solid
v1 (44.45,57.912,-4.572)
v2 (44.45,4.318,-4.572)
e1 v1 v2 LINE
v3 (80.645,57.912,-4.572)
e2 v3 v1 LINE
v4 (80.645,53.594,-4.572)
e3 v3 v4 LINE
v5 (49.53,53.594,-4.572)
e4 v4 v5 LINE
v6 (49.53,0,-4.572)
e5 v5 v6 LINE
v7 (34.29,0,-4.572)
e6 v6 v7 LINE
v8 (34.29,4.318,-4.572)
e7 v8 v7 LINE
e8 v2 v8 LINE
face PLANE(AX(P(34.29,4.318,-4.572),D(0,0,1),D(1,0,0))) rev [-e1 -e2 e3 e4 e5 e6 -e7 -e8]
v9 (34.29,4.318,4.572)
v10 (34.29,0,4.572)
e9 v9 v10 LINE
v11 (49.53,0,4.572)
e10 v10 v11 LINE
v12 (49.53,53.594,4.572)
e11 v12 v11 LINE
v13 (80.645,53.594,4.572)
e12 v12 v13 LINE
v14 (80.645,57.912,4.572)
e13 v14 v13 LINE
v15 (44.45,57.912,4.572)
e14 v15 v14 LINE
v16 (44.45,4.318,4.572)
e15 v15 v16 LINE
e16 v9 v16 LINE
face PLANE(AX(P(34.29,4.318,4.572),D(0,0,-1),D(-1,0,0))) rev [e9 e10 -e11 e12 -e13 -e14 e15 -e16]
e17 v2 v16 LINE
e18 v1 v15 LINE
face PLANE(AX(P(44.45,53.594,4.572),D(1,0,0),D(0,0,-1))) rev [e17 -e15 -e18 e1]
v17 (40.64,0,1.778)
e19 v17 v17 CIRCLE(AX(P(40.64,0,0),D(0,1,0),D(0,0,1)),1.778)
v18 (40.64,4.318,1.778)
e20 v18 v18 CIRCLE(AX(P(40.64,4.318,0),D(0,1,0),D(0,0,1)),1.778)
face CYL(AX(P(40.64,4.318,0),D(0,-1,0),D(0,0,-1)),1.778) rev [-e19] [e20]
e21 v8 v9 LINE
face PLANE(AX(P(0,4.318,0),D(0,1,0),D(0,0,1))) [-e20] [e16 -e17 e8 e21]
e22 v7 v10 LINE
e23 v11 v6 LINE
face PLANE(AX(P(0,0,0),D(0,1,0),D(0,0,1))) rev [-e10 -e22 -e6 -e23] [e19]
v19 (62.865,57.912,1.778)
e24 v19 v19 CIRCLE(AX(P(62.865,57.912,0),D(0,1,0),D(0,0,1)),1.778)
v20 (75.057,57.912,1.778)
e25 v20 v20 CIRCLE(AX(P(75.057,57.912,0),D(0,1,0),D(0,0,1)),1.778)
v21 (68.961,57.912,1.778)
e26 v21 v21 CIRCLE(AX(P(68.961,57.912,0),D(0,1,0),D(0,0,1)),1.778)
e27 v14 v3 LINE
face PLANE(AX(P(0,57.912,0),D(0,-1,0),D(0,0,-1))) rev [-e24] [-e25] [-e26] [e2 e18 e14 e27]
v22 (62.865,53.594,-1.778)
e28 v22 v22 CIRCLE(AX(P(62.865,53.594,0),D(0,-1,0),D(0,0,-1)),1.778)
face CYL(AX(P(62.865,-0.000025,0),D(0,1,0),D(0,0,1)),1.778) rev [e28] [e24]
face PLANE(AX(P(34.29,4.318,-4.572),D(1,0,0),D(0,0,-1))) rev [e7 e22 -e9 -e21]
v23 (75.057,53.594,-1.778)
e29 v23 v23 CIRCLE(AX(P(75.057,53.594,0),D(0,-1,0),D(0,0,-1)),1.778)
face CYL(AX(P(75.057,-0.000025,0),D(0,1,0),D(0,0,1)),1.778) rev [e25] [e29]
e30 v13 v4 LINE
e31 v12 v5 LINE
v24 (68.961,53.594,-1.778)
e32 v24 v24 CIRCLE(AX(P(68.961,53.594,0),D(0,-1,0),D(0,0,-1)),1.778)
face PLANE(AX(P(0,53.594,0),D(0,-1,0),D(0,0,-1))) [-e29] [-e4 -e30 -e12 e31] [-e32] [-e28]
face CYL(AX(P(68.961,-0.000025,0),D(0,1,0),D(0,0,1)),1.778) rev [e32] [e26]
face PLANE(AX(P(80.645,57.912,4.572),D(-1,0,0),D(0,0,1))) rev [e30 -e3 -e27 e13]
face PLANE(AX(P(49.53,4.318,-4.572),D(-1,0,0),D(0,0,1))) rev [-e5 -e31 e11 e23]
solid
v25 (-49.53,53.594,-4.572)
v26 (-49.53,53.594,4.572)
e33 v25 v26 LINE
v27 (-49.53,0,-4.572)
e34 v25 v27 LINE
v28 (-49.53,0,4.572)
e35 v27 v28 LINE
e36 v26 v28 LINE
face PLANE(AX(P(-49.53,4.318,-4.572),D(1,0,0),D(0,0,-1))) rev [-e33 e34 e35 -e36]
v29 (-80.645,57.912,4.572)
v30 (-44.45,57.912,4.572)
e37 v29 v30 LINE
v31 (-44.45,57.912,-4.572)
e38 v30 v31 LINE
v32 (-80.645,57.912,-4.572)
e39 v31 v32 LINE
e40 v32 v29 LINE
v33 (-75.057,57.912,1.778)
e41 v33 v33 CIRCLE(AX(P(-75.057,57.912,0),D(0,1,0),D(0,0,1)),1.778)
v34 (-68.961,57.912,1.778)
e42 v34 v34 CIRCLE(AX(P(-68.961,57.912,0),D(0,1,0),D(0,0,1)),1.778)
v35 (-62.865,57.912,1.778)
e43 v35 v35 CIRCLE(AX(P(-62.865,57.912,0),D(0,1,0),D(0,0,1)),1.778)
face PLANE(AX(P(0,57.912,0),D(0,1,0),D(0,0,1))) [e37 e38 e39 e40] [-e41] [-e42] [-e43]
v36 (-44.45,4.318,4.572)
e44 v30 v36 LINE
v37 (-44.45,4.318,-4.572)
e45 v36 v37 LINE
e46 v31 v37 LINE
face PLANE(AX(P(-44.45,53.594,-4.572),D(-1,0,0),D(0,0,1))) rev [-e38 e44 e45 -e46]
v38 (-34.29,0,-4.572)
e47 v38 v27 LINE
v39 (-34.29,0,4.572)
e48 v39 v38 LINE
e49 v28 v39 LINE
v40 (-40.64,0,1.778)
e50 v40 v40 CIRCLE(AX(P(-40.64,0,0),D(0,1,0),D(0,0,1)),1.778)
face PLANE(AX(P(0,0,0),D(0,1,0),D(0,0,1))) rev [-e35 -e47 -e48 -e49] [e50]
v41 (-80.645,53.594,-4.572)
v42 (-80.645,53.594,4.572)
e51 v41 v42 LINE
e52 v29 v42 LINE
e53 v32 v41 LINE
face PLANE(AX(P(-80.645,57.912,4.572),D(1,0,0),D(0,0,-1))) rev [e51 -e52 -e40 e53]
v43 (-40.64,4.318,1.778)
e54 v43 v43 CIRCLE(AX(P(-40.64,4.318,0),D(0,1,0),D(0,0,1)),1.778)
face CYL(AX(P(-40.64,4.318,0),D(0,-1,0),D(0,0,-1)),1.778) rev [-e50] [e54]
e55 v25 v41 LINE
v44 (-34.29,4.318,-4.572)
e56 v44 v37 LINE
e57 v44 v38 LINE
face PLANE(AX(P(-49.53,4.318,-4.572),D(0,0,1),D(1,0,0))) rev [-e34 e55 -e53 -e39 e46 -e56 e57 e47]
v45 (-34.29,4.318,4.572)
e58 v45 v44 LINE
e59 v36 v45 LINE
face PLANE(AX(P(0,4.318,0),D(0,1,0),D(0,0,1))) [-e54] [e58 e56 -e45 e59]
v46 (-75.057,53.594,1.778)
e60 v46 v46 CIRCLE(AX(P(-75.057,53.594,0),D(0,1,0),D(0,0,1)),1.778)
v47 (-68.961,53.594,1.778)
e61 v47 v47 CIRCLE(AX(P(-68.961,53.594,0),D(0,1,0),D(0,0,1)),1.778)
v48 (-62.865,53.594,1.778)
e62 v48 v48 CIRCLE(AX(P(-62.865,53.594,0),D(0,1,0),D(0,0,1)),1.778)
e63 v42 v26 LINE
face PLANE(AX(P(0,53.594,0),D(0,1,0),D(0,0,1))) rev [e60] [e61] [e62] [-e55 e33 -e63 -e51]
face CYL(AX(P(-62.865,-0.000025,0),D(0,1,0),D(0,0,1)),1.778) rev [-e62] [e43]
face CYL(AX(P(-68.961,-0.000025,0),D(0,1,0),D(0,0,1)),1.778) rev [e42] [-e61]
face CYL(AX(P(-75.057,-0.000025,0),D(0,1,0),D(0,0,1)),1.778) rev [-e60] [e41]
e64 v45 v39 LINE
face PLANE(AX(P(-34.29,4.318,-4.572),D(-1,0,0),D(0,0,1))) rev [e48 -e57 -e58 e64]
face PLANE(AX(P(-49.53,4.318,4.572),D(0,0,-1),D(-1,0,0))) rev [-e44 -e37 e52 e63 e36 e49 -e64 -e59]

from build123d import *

# Parameters (mm, degrees)
SKETCH1_W             = 15.24
SKETCH1_H             = 9.144
SKETCH1_R             = 1.778
BOSS_EXTRUDE1_DEPTH   = 4.318
BOSS_EXTRUDE1_2_DEPTH = 4.318
SKETCH2_W             = 5.08
SKETCH2_H             = 9.144
BOSS_EXTRUDE2_DEPTH   = 49.276
SKETCH3_W             = 36.195
SKETCH3_H             = 9.144
BOSS_EXTRUDE3_DEPTH   = 4.318
SKETCH4_R             = 1.778
CUT_EXTRUDE1_DEPTH    = 100.389732634
SKETCH5_R             = 1.778
CUT_EXTRUDE2_DEPTH    = 100.389732634


with BuildPart() as part:
    # Sketch1 → Boss-Extrude1 (new body)
    with BuildSketch(Plane(origin=(0, 0, 0), x_dir=(1, 0, 0), z_dir=(0, 1, 0))):
        with Locations((-41.91, 0)):
            Rectangle(SKETCH1_W, SKETCH1_H)
        with Locations(Location((-40.64, 0, 0), (0, 0, 270))):
            Circle(SKETCH1_R, mode=Mode.SUBTRACT)
    extrude(amount=BOSS_EXTRUDE1_DEPTH)



with BuildPart() as body_2:
    # Sketch1 → Boss-Extrude1 2 (new body)
    with BuildSketch(Plane(origin=(0, 0, 0), x_dir=(1, 0, 0), z_dir=(0, 1, 0))):
        with Locations((41.91, 0)):
            Rectangle(SKETCH1_W, SKETCH1_H)
        with Locations(Location((40.64, 0, 0), (0, 0, 270))):
            Circle(SKETCH1_R, mode=Mode.SUBTRACT)
    extrude(amount=BOSS_EXTRUDE1_2_DEPTH)


with BuildPart() as part_1:
    add(part.part)

    add(body_2.part)  # Boss-Extrude2 merges body 2
    # Sketch2 → Boss-Extrude2 (add)
    with BuildSketch(Plane(origin=(0, 4.318, 0), x_dir=(1, 0, 0), z_dir=(0, 1, 0))):
        with Locations((-46.99, 0)):
            Rectangle(SKETCH2_W, SKETCH2_H)
        with Locations((46.99, 0)):
            Rectangle(SKETCH2_W, SKETCH2_H)
    extrude(amount=BOSS_EXTRUDE2_DEPTH)

    # Sketch3 → Boss-Extrude3 (add)
    with BuildSketch(Plane(origin=(0, 53.594, 0), x_dir=(1, 0, 0), z_dir=(0, 1, 0))):
        with Locations((-62.5475, 0)):
            Rectangle(SKETCH3_W, SKETCH3_H)
        with Locations((62.5475, 0)):
            Rectangle(SKETCH3_W, SKETCH3_H)
    extrude(amount=BOSS_EXTRUDE3_DEPTH)

    # Sketch4 → Cut-Extrude1 (cut, through all)
    with BuildSketch(Plane(origin=(0, 57.912, 0), x_dir=(1, 0, 0), z_dir=(0, 1, 0))):
        with Locations(Location((-75.057, 0, 0), (0, 0, 270))):
            Circle(SKETCH4_R)
        with Locations(Location((75.057, 0, 0), (0, 0, 270))):
            Circle(SKETCH4_R)
    extrude(amount=-CUT_EXTRUDE1_DEPTH, mode=Mode.SUBTRACT)

    # Sketch5 → Cut-Extrude2 (cut, through all)
    with BuildSketch(Plane(origin=(0, 57.912, 0), x_dir=(1, 0, 0), z_dir=(0, 1, 0))):
        with Locations(Location((-68.961, 0, 0), (0, 0, 270))):
            Circle(SKETCH5_R)
        with Locations(Location((-62.865, 0, 0), (0, 0, 270))):
            Circle(SKETCH5_R)
        with Locations(Location((62.865, 0, 0), (0, 0, 270))):
            Circle(SKETCH5_R)
        with Locations(Location((68.961, 0, 0), (0, 0, 270))):
            Circle(SKETCH5_R)
    extrude(amount=-CUT_EXTRUDE2_DEPTH, mode=Mode.SUBTRACT)


solid = part_1.part
